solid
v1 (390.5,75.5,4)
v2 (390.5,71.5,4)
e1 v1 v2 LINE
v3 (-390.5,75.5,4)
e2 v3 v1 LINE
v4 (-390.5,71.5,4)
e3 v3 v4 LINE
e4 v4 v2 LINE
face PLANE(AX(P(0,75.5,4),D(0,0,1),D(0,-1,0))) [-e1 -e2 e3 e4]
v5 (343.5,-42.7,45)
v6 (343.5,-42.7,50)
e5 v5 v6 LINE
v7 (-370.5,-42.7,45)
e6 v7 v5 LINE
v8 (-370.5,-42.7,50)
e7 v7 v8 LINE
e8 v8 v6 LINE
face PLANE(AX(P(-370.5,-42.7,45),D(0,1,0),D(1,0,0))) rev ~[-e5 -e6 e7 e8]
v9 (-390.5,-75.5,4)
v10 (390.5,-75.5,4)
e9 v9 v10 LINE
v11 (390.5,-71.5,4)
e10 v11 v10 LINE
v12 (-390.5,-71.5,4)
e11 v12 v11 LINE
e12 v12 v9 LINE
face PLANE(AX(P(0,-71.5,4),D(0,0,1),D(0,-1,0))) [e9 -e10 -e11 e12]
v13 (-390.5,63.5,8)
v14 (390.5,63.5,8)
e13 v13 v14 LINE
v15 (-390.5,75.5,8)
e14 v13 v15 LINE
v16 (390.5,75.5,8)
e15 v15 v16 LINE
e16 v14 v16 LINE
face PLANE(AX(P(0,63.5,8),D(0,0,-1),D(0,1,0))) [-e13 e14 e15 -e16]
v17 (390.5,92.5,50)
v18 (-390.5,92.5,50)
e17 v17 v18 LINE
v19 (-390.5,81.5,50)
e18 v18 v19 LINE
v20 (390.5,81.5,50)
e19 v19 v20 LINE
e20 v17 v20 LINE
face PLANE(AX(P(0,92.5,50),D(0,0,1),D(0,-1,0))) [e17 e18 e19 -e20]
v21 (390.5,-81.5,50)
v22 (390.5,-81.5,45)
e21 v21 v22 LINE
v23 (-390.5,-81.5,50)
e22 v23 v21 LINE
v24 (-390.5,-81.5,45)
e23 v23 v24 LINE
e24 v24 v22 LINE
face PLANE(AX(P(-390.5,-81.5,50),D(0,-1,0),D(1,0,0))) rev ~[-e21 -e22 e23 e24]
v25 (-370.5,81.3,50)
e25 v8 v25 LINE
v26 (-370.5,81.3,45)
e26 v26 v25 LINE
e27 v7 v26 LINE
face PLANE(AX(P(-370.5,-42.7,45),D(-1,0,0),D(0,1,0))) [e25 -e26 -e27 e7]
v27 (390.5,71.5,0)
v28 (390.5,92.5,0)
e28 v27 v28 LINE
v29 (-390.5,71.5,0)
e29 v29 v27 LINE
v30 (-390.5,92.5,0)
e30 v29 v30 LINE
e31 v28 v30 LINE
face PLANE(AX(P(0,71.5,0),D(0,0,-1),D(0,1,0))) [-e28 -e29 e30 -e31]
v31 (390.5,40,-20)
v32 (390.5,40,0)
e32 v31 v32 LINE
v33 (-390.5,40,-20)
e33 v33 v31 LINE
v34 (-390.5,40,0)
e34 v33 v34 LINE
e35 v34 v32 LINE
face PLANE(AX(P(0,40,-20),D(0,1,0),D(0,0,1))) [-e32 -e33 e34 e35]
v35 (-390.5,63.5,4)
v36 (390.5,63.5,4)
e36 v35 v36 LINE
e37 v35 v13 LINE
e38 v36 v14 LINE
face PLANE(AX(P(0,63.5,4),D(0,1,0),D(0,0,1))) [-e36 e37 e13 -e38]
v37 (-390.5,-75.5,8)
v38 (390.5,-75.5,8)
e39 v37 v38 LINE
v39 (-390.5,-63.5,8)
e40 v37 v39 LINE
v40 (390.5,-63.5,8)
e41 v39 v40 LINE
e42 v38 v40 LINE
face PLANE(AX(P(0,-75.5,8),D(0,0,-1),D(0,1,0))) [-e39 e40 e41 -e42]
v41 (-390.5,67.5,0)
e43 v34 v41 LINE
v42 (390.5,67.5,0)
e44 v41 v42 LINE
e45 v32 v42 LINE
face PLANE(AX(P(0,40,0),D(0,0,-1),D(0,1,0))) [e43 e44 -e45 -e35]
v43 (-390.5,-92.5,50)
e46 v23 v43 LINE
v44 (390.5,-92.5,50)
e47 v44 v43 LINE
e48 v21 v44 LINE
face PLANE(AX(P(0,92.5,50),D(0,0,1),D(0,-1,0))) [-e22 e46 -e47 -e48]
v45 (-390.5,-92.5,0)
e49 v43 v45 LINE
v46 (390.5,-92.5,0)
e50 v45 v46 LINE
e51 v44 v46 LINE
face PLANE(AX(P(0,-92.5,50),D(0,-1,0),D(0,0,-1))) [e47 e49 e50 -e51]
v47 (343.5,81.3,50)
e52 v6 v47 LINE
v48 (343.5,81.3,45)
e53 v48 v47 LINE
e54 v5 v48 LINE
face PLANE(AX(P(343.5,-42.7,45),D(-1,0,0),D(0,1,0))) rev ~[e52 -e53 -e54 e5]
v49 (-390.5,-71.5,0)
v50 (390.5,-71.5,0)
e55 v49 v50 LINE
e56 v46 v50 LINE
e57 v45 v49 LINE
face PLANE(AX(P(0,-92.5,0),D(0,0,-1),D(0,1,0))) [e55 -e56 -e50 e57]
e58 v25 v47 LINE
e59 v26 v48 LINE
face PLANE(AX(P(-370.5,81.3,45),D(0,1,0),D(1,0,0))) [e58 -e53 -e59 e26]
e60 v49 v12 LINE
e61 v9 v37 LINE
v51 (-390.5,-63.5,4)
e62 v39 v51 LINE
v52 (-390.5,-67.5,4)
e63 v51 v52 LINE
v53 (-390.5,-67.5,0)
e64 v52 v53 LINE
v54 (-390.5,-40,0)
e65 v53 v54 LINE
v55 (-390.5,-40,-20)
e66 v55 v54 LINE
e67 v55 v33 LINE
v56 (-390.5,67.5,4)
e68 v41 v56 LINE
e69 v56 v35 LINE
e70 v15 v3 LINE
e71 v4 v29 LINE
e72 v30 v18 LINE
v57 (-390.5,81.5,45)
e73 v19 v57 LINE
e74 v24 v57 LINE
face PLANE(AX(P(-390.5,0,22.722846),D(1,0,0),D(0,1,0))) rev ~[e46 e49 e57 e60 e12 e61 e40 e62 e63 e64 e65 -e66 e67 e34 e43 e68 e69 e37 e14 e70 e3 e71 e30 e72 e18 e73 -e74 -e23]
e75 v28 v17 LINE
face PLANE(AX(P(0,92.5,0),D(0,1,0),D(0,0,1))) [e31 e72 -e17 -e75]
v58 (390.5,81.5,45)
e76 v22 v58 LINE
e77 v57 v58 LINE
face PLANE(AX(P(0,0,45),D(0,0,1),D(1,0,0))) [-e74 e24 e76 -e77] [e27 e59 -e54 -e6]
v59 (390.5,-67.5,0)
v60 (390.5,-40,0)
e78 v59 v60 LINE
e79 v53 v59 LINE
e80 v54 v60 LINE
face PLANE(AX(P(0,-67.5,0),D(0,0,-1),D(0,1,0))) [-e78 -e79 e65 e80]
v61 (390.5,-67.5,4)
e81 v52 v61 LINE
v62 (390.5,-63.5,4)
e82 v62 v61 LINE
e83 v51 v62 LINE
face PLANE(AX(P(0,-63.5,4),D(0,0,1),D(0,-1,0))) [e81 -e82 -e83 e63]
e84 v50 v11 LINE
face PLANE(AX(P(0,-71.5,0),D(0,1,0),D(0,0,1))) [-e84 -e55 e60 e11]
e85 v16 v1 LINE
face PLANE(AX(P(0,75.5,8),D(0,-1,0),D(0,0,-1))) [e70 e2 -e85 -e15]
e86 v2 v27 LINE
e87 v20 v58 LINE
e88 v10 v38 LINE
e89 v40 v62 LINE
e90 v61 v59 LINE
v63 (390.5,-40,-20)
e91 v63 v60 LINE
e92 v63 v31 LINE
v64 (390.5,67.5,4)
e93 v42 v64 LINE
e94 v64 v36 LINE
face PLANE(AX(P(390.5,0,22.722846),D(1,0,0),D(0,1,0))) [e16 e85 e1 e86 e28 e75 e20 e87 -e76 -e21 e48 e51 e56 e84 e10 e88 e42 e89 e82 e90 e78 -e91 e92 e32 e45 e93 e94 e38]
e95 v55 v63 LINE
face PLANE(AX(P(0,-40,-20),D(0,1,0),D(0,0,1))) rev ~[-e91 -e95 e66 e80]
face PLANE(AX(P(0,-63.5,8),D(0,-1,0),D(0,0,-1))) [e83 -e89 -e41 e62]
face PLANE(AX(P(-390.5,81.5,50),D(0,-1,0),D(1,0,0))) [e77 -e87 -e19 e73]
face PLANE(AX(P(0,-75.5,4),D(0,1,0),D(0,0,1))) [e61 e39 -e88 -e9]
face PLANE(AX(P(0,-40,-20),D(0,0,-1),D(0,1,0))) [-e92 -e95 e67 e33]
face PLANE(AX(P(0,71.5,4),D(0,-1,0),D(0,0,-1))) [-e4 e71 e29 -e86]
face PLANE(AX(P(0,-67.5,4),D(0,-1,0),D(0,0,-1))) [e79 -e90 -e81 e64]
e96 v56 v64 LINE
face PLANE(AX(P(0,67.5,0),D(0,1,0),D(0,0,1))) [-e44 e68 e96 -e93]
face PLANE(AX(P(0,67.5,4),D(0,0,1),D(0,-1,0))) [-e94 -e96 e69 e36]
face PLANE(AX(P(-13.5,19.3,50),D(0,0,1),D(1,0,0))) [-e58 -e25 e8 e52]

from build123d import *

# Parameters (mm, degrees)
F0_W     = 80
F0_H     = 20
F1_DEPTH = 390.5
F2_W     = 781
F2_H     = 163
F3_DEPTH = 5
F4_W     = 714
F4_H     = 124
F5_DEPTH = 5


with BuildPart() as f1:
    # F0 (on Right) → F1 (new body, symmetric)
    with BuildSketch(Plane.YZ):
        Polygon((-92.5, 50), (-92.5, 0), (-71.5, 0), (-71.5, 4), (-75.5, 4), (-75.5, 8), (-63.5, 8), (-63.5, 4), (-67.5, 4), (-67.5, 0), (-40, 0), (40, 0), (67.5, 0), (67.5, 4), (63.5, 4), (63.5, 8), (75.5, 8), (75.5, 4), (71.5, 4), (71.5, 0), (92.5, 0), (92.5, 50), align=None)
        with Locations((0, -10)):
            Rectangle(F0_W, F0_H)
    extrude(amount=F1_DEPTH, both=True)

    # F2 (on face) → F3 (cut)
    with BuildSketch(Plane.XY.offset(50)):
        Rectangle(F2_W, F2_H)
    extrude(amount=-F3_DEPTH, mode=Mode.SUBTRACT)

    # F4 (on face) → F5 (join)
    with BuildSketch(Plane.XY.offset(45)):
        with Locations((-13.5, 19.3)):
            Rectangle(F4_W, F4_H)
    extrude(amount=F5_DEPTH)


solid = f1.part
